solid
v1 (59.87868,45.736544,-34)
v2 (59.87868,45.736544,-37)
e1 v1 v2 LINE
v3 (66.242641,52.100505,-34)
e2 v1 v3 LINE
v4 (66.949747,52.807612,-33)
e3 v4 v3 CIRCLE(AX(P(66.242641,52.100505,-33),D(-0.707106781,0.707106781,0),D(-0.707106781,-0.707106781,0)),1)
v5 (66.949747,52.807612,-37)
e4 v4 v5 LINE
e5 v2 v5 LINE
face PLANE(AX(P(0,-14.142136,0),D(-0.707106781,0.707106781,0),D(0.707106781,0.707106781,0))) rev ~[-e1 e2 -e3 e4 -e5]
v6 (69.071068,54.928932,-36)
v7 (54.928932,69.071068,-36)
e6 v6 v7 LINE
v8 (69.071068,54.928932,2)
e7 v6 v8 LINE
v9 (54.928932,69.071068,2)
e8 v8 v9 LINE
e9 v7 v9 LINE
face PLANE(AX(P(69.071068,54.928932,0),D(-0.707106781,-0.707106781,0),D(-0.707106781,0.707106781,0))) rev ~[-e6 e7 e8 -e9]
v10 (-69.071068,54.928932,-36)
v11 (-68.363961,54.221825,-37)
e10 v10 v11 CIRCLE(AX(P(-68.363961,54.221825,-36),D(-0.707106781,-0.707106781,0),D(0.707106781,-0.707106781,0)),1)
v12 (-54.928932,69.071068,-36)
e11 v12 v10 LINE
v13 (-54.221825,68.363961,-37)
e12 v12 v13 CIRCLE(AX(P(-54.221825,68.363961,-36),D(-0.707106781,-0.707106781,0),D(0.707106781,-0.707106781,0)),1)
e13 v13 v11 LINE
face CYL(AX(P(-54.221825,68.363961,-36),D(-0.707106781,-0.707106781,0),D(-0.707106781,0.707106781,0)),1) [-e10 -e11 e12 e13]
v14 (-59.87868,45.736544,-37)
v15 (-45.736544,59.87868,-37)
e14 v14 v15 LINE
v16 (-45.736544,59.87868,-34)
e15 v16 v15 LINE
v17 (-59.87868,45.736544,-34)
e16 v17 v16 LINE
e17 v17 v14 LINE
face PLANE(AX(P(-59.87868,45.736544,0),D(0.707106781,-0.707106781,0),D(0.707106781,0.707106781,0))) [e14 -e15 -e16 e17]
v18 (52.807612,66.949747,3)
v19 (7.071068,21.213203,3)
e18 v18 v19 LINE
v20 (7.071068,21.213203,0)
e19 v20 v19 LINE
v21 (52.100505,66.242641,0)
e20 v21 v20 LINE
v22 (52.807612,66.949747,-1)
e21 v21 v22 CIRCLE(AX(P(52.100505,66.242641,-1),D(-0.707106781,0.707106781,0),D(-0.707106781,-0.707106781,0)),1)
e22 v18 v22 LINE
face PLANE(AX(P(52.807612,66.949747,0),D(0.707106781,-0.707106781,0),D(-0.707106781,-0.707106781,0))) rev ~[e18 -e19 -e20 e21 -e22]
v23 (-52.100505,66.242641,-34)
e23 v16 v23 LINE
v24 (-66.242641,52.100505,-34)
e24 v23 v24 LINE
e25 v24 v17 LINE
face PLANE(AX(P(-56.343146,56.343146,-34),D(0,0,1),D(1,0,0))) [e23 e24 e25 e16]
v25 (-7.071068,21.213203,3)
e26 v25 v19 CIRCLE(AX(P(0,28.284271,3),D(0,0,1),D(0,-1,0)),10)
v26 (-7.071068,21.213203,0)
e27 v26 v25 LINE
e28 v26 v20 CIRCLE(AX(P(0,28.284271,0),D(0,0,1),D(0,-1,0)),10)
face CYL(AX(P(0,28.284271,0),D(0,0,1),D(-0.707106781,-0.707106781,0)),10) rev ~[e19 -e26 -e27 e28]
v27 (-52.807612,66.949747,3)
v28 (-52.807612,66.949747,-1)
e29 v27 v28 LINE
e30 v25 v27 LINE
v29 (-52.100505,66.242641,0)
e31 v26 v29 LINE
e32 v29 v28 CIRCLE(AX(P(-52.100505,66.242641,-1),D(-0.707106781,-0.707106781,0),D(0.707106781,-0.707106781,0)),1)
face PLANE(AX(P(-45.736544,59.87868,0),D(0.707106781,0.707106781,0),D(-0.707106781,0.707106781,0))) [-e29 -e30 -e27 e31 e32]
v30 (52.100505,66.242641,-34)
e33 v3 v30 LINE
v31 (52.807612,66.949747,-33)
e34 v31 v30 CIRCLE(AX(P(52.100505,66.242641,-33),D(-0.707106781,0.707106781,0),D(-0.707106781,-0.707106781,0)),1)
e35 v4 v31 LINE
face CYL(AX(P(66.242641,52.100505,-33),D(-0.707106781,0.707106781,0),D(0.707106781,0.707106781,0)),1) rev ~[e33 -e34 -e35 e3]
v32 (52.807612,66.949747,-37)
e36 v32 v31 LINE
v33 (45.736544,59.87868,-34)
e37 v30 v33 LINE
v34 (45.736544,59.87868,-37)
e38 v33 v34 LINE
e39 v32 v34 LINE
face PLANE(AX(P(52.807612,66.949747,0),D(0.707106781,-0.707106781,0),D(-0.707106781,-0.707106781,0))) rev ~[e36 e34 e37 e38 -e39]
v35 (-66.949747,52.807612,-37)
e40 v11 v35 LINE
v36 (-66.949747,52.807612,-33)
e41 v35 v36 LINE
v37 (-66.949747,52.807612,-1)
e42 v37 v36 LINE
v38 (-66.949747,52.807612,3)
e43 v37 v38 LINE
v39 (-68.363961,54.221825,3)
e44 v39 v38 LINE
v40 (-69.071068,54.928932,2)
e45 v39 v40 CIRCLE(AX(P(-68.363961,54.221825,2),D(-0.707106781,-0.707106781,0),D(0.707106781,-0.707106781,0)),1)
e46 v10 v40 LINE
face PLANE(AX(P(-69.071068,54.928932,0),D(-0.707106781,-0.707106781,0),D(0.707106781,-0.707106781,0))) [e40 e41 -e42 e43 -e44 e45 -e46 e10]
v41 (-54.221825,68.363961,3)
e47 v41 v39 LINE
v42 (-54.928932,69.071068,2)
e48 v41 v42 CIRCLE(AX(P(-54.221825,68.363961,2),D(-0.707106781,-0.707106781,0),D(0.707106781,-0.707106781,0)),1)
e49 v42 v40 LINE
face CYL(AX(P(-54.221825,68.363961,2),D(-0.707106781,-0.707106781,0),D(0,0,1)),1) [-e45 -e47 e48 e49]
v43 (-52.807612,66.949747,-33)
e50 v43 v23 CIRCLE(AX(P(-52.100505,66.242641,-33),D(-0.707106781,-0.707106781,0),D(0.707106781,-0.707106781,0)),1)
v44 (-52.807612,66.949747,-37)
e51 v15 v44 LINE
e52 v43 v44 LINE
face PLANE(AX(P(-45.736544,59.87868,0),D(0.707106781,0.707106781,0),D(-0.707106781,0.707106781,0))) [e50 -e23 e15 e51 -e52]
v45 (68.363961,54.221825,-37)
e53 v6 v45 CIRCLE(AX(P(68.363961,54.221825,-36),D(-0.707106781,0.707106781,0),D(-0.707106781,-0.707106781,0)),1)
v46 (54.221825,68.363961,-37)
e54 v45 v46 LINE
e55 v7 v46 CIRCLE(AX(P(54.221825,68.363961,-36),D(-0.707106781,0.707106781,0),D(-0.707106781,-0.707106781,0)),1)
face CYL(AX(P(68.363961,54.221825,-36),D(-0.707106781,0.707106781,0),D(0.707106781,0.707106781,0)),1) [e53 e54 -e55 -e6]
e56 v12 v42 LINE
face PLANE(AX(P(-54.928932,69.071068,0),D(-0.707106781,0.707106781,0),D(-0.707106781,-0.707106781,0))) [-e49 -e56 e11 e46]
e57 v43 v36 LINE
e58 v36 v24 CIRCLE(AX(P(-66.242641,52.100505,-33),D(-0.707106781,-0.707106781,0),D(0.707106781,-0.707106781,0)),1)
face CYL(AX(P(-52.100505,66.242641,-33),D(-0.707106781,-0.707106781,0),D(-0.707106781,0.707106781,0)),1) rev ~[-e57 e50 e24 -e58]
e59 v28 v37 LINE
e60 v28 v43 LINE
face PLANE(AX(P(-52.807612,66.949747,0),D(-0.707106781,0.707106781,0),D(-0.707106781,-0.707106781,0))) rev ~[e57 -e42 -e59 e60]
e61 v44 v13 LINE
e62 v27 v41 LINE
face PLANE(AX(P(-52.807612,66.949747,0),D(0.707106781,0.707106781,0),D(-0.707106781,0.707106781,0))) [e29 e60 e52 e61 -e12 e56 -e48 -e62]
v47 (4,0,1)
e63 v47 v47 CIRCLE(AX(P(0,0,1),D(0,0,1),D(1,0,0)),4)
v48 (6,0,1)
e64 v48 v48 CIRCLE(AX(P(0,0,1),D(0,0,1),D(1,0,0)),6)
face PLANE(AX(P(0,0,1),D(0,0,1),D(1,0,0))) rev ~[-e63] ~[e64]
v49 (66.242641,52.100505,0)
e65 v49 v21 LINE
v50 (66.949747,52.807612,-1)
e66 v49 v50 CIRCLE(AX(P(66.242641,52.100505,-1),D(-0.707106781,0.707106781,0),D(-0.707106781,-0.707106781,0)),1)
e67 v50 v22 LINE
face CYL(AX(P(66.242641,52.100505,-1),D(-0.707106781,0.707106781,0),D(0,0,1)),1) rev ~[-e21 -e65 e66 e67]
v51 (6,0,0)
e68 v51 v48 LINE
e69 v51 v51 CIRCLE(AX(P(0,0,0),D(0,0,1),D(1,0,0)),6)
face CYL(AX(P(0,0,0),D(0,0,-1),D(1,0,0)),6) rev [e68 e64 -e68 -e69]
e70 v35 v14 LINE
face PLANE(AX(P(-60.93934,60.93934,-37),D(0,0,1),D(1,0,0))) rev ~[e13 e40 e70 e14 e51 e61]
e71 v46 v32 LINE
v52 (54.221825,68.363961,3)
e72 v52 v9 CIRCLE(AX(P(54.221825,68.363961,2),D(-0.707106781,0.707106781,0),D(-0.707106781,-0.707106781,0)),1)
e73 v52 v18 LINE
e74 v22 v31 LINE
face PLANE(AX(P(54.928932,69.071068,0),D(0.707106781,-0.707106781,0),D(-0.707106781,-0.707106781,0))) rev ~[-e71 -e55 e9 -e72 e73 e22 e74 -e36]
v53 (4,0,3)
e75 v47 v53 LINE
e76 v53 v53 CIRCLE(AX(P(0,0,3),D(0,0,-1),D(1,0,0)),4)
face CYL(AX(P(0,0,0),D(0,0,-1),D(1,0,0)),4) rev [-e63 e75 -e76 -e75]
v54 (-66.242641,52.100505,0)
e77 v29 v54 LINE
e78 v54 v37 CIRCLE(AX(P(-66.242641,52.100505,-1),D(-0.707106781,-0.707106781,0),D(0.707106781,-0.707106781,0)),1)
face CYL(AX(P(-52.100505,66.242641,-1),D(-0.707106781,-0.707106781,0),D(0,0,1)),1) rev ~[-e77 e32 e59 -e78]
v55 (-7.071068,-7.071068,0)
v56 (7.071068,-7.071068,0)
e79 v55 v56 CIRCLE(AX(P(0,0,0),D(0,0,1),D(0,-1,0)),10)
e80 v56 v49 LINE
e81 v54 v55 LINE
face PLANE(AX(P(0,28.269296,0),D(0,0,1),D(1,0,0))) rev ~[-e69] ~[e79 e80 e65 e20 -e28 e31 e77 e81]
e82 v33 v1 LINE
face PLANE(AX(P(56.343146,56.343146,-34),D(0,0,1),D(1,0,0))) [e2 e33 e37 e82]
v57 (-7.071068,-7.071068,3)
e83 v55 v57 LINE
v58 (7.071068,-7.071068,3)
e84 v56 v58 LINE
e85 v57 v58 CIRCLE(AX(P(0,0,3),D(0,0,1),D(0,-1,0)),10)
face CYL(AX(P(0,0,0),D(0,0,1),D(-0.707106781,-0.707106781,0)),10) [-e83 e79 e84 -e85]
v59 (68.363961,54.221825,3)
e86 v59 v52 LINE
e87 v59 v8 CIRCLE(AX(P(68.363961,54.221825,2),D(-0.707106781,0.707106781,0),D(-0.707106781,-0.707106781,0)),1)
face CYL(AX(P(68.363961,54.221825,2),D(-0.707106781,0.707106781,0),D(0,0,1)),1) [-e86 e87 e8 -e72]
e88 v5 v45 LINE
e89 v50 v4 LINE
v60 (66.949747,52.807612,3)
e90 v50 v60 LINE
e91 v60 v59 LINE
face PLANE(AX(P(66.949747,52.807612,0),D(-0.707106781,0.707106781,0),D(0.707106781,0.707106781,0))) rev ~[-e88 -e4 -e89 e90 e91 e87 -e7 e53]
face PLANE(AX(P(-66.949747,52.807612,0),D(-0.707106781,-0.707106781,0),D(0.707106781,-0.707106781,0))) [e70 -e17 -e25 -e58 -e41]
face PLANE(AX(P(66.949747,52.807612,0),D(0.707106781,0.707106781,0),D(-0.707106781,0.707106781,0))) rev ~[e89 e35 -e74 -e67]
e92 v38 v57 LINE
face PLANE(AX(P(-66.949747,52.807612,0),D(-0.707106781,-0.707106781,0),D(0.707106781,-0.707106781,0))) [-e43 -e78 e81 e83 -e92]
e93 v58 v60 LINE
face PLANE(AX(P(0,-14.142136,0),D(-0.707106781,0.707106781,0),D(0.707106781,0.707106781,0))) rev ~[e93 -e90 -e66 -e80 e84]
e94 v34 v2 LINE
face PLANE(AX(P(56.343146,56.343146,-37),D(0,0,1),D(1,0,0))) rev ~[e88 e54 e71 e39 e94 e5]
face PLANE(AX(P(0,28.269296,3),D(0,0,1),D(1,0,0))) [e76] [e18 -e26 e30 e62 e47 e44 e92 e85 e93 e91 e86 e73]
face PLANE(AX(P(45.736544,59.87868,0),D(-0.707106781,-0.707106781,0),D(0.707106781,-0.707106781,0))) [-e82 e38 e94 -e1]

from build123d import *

# Parameters (mm, degrees)
F0_R     = 6
F0_R_2   = 4
F1_DEPTH = 3
F2_DEPTH = 37
F3_DEPTH = 34
F4_DEPTH = 1
F5_DEPTH = 5000
F6_R     = 10
F7_R     = 1


with BuildPart() as f1:
    # F0 (on Top) → F1 (new body)
    with BuildSketch(Plane.XY):
        Polygon((0, 14.1421356237), (-45.7365440327, 59.8786796564), (-59.8786796564, 45.7365440327), (0, -14.1421356237), (59.8786796564, 45.7365440327), (45.7365440327, 59.8786796564), align=None)
        Circle(F0_R, mode=Mode.SUBTRACT)
        Polygon((-45.7365440327, 59.8786796564), (-52.8076118446, 66.9497474683), (-66.9497474683, 52.8076118446), (-59.8786796564, 45.7365440327), align=None)
        Polygon((52.8076118446, 66.9497474683), (45.7365440327, 59.8786796564), (59.8786796564, 45.7365440327), (66.9497474683, 52.8076118446), align=None)
        Circle(F0_R)
        Circle(F0_R_2, mode=Mode.SUBTRACT)
        Polygon((-52.8076118446, 66.9497474683), (-54.9289321881, 69.0710678119), (-69.0710678119, 54.9289321881), (-66.9497474683, 52.8076118446), align=None)
        Polygon((54.9289321881, 69.0710678119), (52.8076118446, 66.9497474683), (66.9497474683, 52.8076118446), (69.0710678119, 54.9289321881), align=None)
        Circle(F0_R_2)
    extrude(amount=F1_DEPTH)

    # F0 (on Top) → F2 (join)
    with BuildSketch(Plane.XY):
        Polygon((-52.8076118446, 66.9497474683), (-54.9289321881, 69.0710678119), (-69.0710678119, 54.9289321881), (-66.9497474683, 52.8076118446), align=None)
        Polygon((-45.7365440327, 59.8786796564), (-52.8076118446, 66.9497474683), (-66.9497474683, 52.8076118446), (-59.8786796564, 45.7365440327), align=None)
        Polygon((52.8076118446, 66.9497474683), (45.7365440327, 59.8786796564), (59.8786796564, 45.7365440327), (66.9497474683, 52.8076118446), align=None)
        Polygon((54.9289321881, 69.0710678119), (52.8076118446, 66.9497474683), (66.9497474683, 52.8076118446), (69.0710678119, 54.9289321881), align=None)
    extrude(amount=-F2_DEPTH)

    # F0 (on Top) → F3 (cut)
    with BuildSketch(Plane.XY):
        Polygon((-45.7365440327, 59.8786796564), (-52.8076118446, 66.9497474683), (-66.9497474683, 52.8076118446), (-59.8786796564, 45.7365440327), align=None)
        Polygon((52.8076118446, 66.9497474683), (45.7365440327, 59.8786796564), (59.8786796564, 45.7365440327), (66.9497474683, 52.8076118446), align=None)
    extrude(amount=-F3_DEPTH, mode=Mode.SUBTRACT)

    # F0 (on Top) → F4 (cut)
    with BuildSketch(Plane.XY):
        Circle(F0_R)
        Circle(F0_R_2, mode=Mode.SUBTRACT)
    extrude(amount=F4_DEPTH, mode=Mode.SUBTRACT)

    # F0 (on Top) → F5 (cut)
    with BuildSketch(Plane.XY):
        Circle(F0_R_2)
    extrude(amount=F5_DEPTH, mode=Mode.SUBTRACT)

    # F6
    f6_edges = [f1.edges().sort_by_distance(p)[0] for p in [
        (0, -14.142136, 1.5),
        (0, 14.142136, 1.5),
    ]]
    fillet(f6_edges, radius=F6_R)

    # F7
    f7_edges = [f1.edges().sort_by_distance(p)[0] for p in [
        (62, 62, 3),
        (59.87868, 59.87868, 0),
        (62, 62, -37),
        (59.87868, 59.87868, -34),
        (-62, 62, -37),
        (-62, 62, 3),
        (-59.87868, 59.87868, 0),
        (-59.87868, 59.87868, -34),
    ]]
    fillet(f7_edges, radius=F7_R)


solid = f1.part
